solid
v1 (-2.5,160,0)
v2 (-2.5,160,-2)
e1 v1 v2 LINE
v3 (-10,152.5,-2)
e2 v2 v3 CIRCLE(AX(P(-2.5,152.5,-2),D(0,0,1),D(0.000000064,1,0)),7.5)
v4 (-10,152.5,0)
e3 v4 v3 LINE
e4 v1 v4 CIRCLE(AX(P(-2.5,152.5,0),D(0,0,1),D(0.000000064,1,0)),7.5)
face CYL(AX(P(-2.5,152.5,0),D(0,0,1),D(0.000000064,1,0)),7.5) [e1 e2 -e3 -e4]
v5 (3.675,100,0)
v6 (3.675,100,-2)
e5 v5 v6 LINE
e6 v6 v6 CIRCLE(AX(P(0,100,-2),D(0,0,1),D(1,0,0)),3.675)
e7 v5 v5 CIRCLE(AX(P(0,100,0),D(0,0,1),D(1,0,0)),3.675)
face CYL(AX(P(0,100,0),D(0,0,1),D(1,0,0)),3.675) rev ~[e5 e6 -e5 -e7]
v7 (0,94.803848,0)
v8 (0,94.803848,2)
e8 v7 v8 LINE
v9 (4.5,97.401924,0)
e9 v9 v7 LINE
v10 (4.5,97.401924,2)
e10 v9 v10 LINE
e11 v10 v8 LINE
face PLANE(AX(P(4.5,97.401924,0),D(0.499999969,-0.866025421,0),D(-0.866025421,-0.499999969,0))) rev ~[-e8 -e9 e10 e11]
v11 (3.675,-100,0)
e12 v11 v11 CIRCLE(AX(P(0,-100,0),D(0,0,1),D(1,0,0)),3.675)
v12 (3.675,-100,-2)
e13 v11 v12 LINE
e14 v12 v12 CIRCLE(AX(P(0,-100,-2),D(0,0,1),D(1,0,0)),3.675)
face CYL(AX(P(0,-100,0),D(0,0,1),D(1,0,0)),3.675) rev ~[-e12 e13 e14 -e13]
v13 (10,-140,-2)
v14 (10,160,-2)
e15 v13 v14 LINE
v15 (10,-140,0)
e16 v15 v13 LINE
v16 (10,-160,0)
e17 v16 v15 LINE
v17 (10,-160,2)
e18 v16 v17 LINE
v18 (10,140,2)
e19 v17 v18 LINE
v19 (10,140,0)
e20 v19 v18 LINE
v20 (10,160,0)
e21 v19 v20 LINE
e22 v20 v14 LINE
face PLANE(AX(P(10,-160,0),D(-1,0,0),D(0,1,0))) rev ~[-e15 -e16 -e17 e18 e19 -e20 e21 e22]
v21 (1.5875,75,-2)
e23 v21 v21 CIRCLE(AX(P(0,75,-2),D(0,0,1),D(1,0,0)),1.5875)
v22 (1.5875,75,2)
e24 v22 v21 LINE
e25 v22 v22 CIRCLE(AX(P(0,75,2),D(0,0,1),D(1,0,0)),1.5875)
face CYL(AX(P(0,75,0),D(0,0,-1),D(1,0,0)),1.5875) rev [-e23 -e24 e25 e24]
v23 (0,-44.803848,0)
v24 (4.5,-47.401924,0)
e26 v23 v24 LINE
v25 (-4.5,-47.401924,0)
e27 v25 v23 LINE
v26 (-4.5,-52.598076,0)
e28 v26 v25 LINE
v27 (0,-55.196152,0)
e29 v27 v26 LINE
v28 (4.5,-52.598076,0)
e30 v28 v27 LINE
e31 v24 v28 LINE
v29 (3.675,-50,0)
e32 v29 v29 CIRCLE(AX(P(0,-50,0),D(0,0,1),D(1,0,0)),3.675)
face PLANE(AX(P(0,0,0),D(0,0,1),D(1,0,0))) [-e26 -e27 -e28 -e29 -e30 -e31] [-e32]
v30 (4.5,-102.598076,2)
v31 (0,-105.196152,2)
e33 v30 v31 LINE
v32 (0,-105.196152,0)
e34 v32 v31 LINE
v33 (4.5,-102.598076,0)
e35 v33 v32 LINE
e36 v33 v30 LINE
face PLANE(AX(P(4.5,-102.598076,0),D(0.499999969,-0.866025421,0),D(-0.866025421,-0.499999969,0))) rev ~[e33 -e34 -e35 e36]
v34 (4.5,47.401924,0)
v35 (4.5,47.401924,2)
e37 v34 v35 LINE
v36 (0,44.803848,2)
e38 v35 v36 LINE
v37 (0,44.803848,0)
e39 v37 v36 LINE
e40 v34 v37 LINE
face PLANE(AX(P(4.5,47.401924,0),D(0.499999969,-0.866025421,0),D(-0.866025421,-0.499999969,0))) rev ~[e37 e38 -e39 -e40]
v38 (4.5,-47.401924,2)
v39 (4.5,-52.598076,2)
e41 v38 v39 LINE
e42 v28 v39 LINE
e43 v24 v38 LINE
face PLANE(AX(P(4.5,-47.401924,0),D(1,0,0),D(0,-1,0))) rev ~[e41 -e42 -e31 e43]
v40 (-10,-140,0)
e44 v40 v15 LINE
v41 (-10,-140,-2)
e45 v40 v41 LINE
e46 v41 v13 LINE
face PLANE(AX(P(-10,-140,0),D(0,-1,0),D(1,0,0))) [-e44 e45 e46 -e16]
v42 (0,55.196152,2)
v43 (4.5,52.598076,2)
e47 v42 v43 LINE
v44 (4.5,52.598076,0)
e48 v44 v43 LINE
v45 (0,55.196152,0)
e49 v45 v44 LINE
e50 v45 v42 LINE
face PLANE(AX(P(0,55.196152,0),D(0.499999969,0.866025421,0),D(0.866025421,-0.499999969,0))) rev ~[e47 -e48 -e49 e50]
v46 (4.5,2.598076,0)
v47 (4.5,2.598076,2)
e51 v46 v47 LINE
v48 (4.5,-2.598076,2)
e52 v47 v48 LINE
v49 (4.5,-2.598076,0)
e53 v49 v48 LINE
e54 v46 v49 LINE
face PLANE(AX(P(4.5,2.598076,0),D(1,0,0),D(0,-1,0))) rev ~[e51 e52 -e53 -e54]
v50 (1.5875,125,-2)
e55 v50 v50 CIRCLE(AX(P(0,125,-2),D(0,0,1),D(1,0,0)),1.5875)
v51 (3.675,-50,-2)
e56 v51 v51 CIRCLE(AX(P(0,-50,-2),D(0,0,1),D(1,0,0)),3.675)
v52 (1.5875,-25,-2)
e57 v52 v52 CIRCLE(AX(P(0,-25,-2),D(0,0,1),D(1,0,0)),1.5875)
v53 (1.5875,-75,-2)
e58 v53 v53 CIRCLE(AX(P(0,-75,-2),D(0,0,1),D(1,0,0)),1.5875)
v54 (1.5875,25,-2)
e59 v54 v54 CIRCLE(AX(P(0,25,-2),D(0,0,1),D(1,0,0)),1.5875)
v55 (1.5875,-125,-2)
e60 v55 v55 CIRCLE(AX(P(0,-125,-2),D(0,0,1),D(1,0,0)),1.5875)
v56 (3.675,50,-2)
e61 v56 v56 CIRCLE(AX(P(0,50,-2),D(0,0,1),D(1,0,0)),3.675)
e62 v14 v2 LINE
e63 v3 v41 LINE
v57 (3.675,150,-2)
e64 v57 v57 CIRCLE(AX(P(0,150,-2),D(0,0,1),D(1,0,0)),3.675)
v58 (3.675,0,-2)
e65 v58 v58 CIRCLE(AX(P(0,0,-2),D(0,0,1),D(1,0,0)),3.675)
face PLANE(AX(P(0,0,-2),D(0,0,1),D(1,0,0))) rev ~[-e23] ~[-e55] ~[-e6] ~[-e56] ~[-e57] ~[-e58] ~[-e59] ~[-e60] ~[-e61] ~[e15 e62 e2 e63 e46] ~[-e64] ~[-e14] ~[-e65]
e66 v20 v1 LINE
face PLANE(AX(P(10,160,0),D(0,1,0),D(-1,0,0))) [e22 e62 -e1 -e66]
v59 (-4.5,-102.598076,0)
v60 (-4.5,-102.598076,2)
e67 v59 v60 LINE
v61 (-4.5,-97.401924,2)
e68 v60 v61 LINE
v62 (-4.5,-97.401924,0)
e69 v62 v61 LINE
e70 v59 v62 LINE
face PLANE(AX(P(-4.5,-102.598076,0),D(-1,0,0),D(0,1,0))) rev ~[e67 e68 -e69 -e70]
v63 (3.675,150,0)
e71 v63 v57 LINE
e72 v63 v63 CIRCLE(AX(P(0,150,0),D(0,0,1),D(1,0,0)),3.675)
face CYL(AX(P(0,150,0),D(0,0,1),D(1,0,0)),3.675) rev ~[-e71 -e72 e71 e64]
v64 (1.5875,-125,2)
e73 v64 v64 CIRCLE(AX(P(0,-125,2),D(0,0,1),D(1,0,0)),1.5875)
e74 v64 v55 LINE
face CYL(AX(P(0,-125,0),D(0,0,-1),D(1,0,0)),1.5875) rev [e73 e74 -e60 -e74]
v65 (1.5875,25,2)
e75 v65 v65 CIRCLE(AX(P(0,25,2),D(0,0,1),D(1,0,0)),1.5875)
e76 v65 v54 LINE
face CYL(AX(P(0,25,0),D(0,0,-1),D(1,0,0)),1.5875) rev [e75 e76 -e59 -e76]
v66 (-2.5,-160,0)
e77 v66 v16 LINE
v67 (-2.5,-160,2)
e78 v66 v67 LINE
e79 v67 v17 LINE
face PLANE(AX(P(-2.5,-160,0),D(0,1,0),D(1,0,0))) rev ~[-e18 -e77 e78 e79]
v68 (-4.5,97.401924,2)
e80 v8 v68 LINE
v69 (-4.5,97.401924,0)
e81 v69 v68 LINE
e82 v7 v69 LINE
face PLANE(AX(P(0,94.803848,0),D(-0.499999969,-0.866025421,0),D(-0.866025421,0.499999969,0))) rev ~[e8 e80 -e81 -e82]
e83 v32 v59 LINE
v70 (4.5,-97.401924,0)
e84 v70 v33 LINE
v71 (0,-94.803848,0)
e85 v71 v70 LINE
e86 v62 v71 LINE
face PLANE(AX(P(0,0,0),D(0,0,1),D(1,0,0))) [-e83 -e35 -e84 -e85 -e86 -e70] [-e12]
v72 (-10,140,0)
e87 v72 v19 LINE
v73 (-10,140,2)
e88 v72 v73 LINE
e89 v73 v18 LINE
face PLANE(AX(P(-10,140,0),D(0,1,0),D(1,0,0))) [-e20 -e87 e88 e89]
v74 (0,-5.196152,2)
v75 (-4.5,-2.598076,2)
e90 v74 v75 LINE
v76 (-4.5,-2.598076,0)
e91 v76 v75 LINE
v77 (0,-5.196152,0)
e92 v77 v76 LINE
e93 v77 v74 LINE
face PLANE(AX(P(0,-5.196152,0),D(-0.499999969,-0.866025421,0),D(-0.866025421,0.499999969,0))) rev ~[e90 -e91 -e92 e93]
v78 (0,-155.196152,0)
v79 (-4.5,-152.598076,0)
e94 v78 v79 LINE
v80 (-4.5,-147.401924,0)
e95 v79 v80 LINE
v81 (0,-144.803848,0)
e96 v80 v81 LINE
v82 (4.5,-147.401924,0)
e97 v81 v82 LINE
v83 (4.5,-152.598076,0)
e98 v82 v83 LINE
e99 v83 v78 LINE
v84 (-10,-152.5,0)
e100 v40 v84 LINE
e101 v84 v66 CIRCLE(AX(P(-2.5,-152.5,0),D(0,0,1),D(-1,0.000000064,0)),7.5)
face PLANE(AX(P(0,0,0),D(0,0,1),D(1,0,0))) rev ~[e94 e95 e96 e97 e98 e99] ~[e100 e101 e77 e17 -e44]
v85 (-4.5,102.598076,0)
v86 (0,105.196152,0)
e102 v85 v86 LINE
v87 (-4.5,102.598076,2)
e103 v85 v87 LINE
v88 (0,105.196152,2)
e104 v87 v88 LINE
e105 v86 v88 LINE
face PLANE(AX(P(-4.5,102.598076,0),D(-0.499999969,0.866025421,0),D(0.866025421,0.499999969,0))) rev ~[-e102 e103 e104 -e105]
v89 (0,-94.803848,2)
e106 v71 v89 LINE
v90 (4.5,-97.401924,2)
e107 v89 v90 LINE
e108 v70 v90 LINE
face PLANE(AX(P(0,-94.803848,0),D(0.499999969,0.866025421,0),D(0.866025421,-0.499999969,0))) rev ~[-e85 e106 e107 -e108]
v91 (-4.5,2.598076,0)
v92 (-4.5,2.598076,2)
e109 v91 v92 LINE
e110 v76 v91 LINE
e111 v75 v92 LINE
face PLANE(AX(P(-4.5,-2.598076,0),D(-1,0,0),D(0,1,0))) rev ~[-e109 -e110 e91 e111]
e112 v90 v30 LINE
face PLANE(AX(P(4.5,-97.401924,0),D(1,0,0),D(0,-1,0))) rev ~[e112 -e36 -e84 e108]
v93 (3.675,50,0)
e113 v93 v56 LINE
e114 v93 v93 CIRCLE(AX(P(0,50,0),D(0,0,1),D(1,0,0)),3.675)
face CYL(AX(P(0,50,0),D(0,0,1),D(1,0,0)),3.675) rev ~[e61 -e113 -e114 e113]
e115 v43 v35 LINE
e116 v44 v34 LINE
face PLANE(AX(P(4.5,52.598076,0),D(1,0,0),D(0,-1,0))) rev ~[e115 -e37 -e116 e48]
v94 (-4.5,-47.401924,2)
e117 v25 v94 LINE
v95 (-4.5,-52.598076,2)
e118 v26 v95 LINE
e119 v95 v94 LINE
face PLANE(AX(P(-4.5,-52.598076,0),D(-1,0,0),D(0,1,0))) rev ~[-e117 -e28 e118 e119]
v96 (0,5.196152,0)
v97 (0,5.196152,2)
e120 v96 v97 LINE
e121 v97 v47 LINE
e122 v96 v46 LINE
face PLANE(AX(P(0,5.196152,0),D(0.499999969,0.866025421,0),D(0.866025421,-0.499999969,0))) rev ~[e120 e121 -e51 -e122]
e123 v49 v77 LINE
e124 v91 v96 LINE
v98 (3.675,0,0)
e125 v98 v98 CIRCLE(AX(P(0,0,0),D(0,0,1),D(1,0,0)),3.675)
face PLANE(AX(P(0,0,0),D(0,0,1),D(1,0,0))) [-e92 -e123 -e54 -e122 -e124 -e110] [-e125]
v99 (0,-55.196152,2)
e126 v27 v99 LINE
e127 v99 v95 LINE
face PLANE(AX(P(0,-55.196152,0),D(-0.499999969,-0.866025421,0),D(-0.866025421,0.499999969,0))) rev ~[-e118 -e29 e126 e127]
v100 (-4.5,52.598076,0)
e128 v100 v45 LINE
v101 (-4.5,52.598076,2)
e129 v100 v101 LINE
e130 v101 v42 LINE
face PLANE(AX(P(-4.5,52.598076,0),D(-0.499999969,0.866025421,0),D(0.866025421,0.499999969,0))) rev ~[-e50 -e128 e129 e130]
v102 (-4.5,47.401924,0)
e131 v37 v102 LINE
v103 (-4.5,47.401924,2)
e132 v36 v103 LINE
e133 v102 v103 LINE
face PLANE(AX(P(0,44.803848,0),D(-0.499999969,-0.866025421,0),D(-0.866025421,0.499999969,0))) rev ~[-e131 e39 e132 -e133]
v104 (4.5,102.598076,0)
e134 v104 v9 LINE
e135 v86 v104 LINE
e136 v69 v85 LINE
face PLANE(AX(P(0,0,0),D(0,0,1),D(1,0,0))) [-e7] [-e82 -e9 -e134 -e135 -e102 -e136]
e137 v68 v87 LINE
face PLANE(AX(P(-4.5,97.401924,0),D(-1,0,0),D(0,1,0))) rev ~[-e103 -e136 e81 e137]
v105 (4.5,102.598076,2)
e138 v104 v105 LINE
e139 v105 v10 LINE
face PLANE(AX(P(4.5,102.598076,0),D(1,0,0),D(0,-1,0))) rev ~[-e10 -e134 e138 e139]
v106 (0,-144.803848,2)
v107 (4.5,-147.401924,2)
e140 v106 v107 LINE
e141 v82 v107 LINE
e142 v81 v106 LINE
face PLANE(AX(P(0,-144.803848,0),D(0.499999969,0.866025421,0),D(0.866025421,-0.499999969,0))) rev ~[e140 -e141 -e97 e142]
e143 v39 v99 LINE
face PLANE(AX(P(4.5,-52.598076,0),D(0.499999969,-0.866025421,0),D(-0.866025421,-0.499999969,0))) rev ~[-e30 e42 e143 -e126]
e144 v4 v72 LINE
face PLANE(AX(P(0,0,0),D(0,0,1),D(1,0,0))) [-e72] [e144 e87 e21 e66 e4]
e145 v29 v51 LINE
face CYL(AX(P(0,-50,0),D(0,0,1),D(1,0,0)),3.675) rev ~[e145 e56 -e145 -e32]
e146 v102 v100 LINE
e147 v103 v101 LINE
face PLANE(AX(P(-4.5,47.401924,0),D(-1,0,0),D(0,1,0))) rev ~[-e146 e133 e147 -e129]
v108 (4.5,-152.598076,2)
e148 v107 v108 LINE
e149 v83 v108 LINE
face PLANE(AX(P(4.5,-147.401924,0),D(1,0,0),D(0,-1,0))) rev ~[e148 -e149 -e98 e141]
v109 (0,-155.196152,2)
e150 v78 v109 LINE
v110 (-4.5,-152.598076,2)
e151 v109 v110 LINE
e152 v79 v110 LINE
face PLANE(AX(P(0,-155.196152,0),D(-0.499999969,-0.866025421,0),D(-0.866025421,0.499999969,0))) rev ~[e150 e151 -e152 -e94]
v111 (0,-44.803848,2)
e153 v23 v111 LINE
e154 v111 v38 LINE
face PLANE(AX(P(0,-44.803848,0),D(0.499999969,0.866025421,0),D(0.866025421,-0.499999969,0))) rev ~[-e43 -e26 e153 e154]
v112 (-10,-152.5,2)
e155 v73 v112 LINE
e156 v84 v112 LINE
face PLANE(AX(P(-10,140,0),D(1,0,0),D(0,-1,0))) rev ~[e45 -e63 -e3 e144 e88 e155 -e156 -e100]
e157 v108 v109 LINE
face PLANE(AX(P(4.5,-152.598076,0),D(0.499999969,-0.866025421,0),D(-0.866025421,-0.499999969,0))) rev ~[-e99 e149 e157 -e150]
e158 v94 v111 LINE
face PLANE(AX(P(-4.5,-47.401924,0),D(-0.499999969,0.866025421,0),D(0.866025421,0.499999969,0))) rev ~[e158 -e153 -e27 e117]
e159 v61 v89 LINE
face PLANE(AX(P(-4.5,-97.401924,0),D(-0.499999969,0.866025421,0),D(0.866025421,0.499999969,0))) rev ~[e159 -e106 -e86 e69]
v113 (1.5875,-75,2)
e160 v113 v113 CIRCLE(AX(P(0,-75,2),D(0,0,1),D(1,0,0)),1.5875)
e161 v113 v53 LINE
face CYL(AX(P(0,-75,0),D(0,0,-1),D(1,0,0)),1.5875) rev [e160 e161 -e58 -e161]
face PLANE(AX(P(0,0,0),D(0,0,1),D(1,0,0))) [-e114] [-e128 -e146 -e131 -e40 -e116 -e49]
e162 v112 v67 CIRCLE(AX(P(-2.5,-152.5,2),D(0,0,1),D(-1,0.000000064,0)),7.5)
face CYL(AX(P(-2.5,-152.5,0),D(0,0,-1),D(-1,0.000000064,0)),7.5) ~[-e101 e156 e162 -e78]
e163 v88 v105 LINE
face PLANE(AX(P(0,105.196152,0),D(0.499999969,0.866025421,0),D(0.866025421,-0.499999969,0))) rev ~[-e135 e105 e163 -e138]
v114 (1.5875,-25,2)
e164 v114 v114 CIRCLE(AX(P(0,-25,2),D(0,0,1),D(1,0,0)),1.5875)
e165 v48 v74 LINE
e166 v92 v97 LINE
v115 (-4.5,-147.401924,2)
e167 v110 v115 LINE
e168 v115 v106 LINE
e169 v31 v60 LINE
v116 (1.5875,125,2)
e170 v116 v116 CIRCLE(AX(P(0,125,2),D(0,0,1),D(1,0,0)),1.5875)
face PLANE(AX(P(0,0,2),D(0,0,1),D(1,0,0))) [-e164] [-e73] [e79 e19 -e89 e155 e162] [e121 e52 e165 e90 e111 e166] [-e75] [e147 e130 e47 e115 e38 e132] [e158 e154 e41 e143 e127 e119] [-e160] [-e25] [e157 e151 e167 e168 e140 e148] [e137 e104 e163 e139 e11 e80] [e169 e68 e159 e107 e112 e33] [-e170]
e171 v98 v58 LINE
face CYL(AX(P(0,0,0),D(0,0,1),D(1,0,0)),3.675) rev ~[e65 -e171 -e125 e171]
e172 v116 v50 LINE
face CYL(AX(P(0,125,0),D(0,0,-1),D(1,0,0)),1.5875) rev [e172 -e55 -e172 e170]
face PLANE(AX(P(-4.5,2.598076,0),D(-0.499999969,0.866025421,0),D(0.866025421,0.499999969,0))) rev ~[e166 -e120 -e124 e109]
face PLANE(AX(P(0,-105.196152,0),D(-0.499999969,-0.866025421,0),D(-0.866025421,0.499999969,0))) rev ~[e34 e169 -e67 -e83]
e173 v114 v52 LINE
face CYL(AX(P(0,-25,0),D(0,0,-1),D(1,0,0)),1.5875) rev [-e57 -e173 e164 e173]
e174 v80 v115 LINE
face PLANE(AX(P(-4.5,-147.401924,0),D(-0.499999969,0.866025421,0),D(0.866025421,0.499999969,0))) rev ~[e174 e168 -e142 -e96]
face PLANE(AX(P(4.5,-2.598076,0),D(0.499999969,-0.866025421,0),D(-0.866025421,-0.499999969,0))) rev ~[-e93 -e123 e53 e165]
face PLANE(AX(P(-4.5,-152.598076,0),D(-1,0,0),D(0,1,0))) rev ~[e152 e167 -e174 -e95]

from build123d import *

# Parameters (mm, degrees)
F0_W     = 20
F0_H     = 280
F0_R     = 1.5875
F0_R_2   = 3.675
F1_DEPTH = 2
F2_DEPTH = 2


with BuildPart() as f1:
    # F0 (on Top) → F1 (new body)
    with BuildSketch(Plane.XY):
        Rectangle(F0_W, F0_H)
        with Locations((0, -125)):
            Circle(F0_R, mode=Mode.SUBTRACT)
        Polygon((0, -105.196152), (-4.5, -102.598076), (-4.5, -97.401924), (0, -94.803848), (4.5, -97.401924), (4.5, -102.598076), align=None, mode=Mode.SUBTRACT)
        with Locations((0, -75)):
            Circle(F0_R, mode=Mode.SUBTRACT)
        Polygon((0, -55.196152), (-4.5, -52.598076), (-4.5, -47.401924), (0, -44.803848), (4.5, -47.401924), (4.5, -52.598076), align=None, mode=Mode.SUBTRACT)
        with Locations((0, -25)):
            Circle(F0_R, mode=Mode.SUBTRACT)
        Polygon((0, -5.196152), (-4.5, -2.598076), (-4.5, 2.598076), (0, 5.196152), (4.5, 2.598076), (4.5, -2.598076), align=None, mode=Mode.SUBTRACT)
        with Locations((0, 25)):
            Circle(F0_R, mode=Mode.SUBTRACT)
        Polygon((0, 44.803848), (-4.5, 47.401924), (-4.5, 52.598076), (0, 55.196152), (4.5, 52.598076), (4.5, 47.401924), align=None, mode=Mode.SUBTRACT)
        with Locations((0, 75)):
            Circle(F0_R, mode=Mode.SUBTRACT)
        Polygon((0, 94.803848), (-4.5, 97.401924), (-4.5, 102.598076), (0, 105.196152), (4.5, 102.598076), (4.5, 97.401924), align=None, mode=Mode.SUBTRACT)
        with Locations((0, 125)):
            Circle(F0_R, mode=Mode.SUBTRACT)
        with BuildLine():
            Line((10, 140), (10, 160))
            Line((10, 160), (-2.5, 160))
            ThreePointArc((-2.5, 160), (-7.803301, 157.803301), (-10, 152.5))
            Line((-10, 152.5), (-10, 140))
            Line((-10, 140), (10, 140))
        make_face()
        Polygon((0, 144.803848), (-4.5, 147.401924), (-4.5, 152.598076), (0, 155.196152), (4.5, 152.598076), (4.5, 147.401924), align=None, mode=Mode.SUBTRACT)
        Polygon((-4.5, -97.401924), (-4.5, -102.598076), (0, -105.196152), (4.5, -102.598076), (4.5, -97.401924), (0, -94.803848), align=None)
        with Locations((0, -100)):
            Circle(F0_R_2, mode=Mode.SUBTRACT)
        Polygon((-4.5, -47.401924), (-4.5, -52.598076), (0, -55.196152), (4.5, -52.598076), (4.5, -47.401924), (0, -44.803848), align=None)
        with Locations((0, -50)):
            Circle(F0_R_2, mode=Mode.SUBTRACT)
        Polygon((-4.5, 2.598076), (-4.5, -2.598076), (0, -5.196152), (4.5, -2.598076), (4.5, 2.598076), (0, 5.196152), align=None)
        Circle(F0_R_2, mode=Mode.SUBTRACT)
        Polygon((-4.5, 52.598076), (-4.5, 47.401924), (0, 44.803848), (4.5, 47.401924), (4.5, 52.598076), (0, 55.196152), align=None)
        with Locations((0, 50)):
            Circle(F0_R_2, mode=Mode.SUBTRACT)
        Polygon((-4.5, 102.598076), (-4.5, 97.401924), (0, 94.803848), (4.5, 97.401924), (4.5, 102.598076), (0, 105.196152), align=None)
        with Locations((0, 100)):
            Circle(F0_R_2, mode=Mode.SUBTRACT)
        Polygon((-4.5, 152.598076), (-4.5, 147.401924), (0, 144.803848), (4.5, 147.401924), (4.5, 152.598076), (0, 155.196152), align=None)
        with Locations((0, 150)):
            Circle(F0_R_2, mode=Mode.SUBTRACT)
    extrude(amount=-F1_DEPTH)

    # F0 (on Top) → F2 (join)
    with BuildSketch(Plane.XY):
        Rectangle(F0_W, F0_H)
        with Locations((0, -125)):
            Circle(F0_R, mode=Mode.SUBTRACT)
        Polygon((0, -105.196152), (-4.5, -102.598076), (-4.5, -97.401924), (0, -94.803848), (4.5, -97.401924), (4.5, -102.598076), align=None, mode=Mode.SUBTRACT)
        with Locations((0, -75)):
            Circle(F0_R, mode=Mode.SUBTRACT)
        Polygon((0, -55.196152), (-4.5, -52.598076), (-4.5, -47.401924), (0, -44.803848), (4.5, -47.401924), (4.5, -52.598076), align=None, mode=Mode.SUBTRACT)
        with Locations((0, -25)):
            Circle(F0_R, mode=Mode.SUBTRACT)
        Polygon((0, -5.196152), (-4.5, -2.598076), (-4.5, 2.598076), (0, 5.196152), (4.5, 2.598076), (4.5, -2.598076), align=None, mode=Mode.SUBTRACT)
        with Locations((0, 25)):
            Circle(F0_R, mode=Mode.SUBTRACT)
        Polygon((0, 44.803848), (-4.5, 47.401924), (-4.5, 52.598076), (0, 55.196152), (4.5, 52.598076), (4.5, 47.401924), align=None, mode=Mode.SUBTRACT)
        with Locations((0, 75)):
            Circle(F0_R, mode=Mode.SUBTRACT)
        Polygon((0, 94.803848), (-4.5, 97.401924), (-4.5, 102.598076), (0, 105.196152), (4.5, 102.598076), (4.5, 97.401924), align=None, mode=Mode.SUBTRACT)
        with Locations((0, 125)):
            Circle(F0_R, mode=Mode.SUBTRACT)
        with BuildLine():
            Line((10, -160), (10, -140))
            Line((10, -140), (-10, -140))
            Line((-10, -140), (-10, -152.5))
            ThreePointArc((-10, -152.5), (-7.803301, -157.803301), (-2.5, -160))
            Line((-2.5, -160), (10, -160))
        make_face()
        Polygon((0, -155.196152), (-4.5, -152.598076), (-4.5, -147.401924), (0, -144.803848), (4.5, -147.401924), (4.5, -152.598076), align=None, mode=Mode.SUBTRACT)
    extrude(amount=F2_DEPTH)


solid = f1.part
